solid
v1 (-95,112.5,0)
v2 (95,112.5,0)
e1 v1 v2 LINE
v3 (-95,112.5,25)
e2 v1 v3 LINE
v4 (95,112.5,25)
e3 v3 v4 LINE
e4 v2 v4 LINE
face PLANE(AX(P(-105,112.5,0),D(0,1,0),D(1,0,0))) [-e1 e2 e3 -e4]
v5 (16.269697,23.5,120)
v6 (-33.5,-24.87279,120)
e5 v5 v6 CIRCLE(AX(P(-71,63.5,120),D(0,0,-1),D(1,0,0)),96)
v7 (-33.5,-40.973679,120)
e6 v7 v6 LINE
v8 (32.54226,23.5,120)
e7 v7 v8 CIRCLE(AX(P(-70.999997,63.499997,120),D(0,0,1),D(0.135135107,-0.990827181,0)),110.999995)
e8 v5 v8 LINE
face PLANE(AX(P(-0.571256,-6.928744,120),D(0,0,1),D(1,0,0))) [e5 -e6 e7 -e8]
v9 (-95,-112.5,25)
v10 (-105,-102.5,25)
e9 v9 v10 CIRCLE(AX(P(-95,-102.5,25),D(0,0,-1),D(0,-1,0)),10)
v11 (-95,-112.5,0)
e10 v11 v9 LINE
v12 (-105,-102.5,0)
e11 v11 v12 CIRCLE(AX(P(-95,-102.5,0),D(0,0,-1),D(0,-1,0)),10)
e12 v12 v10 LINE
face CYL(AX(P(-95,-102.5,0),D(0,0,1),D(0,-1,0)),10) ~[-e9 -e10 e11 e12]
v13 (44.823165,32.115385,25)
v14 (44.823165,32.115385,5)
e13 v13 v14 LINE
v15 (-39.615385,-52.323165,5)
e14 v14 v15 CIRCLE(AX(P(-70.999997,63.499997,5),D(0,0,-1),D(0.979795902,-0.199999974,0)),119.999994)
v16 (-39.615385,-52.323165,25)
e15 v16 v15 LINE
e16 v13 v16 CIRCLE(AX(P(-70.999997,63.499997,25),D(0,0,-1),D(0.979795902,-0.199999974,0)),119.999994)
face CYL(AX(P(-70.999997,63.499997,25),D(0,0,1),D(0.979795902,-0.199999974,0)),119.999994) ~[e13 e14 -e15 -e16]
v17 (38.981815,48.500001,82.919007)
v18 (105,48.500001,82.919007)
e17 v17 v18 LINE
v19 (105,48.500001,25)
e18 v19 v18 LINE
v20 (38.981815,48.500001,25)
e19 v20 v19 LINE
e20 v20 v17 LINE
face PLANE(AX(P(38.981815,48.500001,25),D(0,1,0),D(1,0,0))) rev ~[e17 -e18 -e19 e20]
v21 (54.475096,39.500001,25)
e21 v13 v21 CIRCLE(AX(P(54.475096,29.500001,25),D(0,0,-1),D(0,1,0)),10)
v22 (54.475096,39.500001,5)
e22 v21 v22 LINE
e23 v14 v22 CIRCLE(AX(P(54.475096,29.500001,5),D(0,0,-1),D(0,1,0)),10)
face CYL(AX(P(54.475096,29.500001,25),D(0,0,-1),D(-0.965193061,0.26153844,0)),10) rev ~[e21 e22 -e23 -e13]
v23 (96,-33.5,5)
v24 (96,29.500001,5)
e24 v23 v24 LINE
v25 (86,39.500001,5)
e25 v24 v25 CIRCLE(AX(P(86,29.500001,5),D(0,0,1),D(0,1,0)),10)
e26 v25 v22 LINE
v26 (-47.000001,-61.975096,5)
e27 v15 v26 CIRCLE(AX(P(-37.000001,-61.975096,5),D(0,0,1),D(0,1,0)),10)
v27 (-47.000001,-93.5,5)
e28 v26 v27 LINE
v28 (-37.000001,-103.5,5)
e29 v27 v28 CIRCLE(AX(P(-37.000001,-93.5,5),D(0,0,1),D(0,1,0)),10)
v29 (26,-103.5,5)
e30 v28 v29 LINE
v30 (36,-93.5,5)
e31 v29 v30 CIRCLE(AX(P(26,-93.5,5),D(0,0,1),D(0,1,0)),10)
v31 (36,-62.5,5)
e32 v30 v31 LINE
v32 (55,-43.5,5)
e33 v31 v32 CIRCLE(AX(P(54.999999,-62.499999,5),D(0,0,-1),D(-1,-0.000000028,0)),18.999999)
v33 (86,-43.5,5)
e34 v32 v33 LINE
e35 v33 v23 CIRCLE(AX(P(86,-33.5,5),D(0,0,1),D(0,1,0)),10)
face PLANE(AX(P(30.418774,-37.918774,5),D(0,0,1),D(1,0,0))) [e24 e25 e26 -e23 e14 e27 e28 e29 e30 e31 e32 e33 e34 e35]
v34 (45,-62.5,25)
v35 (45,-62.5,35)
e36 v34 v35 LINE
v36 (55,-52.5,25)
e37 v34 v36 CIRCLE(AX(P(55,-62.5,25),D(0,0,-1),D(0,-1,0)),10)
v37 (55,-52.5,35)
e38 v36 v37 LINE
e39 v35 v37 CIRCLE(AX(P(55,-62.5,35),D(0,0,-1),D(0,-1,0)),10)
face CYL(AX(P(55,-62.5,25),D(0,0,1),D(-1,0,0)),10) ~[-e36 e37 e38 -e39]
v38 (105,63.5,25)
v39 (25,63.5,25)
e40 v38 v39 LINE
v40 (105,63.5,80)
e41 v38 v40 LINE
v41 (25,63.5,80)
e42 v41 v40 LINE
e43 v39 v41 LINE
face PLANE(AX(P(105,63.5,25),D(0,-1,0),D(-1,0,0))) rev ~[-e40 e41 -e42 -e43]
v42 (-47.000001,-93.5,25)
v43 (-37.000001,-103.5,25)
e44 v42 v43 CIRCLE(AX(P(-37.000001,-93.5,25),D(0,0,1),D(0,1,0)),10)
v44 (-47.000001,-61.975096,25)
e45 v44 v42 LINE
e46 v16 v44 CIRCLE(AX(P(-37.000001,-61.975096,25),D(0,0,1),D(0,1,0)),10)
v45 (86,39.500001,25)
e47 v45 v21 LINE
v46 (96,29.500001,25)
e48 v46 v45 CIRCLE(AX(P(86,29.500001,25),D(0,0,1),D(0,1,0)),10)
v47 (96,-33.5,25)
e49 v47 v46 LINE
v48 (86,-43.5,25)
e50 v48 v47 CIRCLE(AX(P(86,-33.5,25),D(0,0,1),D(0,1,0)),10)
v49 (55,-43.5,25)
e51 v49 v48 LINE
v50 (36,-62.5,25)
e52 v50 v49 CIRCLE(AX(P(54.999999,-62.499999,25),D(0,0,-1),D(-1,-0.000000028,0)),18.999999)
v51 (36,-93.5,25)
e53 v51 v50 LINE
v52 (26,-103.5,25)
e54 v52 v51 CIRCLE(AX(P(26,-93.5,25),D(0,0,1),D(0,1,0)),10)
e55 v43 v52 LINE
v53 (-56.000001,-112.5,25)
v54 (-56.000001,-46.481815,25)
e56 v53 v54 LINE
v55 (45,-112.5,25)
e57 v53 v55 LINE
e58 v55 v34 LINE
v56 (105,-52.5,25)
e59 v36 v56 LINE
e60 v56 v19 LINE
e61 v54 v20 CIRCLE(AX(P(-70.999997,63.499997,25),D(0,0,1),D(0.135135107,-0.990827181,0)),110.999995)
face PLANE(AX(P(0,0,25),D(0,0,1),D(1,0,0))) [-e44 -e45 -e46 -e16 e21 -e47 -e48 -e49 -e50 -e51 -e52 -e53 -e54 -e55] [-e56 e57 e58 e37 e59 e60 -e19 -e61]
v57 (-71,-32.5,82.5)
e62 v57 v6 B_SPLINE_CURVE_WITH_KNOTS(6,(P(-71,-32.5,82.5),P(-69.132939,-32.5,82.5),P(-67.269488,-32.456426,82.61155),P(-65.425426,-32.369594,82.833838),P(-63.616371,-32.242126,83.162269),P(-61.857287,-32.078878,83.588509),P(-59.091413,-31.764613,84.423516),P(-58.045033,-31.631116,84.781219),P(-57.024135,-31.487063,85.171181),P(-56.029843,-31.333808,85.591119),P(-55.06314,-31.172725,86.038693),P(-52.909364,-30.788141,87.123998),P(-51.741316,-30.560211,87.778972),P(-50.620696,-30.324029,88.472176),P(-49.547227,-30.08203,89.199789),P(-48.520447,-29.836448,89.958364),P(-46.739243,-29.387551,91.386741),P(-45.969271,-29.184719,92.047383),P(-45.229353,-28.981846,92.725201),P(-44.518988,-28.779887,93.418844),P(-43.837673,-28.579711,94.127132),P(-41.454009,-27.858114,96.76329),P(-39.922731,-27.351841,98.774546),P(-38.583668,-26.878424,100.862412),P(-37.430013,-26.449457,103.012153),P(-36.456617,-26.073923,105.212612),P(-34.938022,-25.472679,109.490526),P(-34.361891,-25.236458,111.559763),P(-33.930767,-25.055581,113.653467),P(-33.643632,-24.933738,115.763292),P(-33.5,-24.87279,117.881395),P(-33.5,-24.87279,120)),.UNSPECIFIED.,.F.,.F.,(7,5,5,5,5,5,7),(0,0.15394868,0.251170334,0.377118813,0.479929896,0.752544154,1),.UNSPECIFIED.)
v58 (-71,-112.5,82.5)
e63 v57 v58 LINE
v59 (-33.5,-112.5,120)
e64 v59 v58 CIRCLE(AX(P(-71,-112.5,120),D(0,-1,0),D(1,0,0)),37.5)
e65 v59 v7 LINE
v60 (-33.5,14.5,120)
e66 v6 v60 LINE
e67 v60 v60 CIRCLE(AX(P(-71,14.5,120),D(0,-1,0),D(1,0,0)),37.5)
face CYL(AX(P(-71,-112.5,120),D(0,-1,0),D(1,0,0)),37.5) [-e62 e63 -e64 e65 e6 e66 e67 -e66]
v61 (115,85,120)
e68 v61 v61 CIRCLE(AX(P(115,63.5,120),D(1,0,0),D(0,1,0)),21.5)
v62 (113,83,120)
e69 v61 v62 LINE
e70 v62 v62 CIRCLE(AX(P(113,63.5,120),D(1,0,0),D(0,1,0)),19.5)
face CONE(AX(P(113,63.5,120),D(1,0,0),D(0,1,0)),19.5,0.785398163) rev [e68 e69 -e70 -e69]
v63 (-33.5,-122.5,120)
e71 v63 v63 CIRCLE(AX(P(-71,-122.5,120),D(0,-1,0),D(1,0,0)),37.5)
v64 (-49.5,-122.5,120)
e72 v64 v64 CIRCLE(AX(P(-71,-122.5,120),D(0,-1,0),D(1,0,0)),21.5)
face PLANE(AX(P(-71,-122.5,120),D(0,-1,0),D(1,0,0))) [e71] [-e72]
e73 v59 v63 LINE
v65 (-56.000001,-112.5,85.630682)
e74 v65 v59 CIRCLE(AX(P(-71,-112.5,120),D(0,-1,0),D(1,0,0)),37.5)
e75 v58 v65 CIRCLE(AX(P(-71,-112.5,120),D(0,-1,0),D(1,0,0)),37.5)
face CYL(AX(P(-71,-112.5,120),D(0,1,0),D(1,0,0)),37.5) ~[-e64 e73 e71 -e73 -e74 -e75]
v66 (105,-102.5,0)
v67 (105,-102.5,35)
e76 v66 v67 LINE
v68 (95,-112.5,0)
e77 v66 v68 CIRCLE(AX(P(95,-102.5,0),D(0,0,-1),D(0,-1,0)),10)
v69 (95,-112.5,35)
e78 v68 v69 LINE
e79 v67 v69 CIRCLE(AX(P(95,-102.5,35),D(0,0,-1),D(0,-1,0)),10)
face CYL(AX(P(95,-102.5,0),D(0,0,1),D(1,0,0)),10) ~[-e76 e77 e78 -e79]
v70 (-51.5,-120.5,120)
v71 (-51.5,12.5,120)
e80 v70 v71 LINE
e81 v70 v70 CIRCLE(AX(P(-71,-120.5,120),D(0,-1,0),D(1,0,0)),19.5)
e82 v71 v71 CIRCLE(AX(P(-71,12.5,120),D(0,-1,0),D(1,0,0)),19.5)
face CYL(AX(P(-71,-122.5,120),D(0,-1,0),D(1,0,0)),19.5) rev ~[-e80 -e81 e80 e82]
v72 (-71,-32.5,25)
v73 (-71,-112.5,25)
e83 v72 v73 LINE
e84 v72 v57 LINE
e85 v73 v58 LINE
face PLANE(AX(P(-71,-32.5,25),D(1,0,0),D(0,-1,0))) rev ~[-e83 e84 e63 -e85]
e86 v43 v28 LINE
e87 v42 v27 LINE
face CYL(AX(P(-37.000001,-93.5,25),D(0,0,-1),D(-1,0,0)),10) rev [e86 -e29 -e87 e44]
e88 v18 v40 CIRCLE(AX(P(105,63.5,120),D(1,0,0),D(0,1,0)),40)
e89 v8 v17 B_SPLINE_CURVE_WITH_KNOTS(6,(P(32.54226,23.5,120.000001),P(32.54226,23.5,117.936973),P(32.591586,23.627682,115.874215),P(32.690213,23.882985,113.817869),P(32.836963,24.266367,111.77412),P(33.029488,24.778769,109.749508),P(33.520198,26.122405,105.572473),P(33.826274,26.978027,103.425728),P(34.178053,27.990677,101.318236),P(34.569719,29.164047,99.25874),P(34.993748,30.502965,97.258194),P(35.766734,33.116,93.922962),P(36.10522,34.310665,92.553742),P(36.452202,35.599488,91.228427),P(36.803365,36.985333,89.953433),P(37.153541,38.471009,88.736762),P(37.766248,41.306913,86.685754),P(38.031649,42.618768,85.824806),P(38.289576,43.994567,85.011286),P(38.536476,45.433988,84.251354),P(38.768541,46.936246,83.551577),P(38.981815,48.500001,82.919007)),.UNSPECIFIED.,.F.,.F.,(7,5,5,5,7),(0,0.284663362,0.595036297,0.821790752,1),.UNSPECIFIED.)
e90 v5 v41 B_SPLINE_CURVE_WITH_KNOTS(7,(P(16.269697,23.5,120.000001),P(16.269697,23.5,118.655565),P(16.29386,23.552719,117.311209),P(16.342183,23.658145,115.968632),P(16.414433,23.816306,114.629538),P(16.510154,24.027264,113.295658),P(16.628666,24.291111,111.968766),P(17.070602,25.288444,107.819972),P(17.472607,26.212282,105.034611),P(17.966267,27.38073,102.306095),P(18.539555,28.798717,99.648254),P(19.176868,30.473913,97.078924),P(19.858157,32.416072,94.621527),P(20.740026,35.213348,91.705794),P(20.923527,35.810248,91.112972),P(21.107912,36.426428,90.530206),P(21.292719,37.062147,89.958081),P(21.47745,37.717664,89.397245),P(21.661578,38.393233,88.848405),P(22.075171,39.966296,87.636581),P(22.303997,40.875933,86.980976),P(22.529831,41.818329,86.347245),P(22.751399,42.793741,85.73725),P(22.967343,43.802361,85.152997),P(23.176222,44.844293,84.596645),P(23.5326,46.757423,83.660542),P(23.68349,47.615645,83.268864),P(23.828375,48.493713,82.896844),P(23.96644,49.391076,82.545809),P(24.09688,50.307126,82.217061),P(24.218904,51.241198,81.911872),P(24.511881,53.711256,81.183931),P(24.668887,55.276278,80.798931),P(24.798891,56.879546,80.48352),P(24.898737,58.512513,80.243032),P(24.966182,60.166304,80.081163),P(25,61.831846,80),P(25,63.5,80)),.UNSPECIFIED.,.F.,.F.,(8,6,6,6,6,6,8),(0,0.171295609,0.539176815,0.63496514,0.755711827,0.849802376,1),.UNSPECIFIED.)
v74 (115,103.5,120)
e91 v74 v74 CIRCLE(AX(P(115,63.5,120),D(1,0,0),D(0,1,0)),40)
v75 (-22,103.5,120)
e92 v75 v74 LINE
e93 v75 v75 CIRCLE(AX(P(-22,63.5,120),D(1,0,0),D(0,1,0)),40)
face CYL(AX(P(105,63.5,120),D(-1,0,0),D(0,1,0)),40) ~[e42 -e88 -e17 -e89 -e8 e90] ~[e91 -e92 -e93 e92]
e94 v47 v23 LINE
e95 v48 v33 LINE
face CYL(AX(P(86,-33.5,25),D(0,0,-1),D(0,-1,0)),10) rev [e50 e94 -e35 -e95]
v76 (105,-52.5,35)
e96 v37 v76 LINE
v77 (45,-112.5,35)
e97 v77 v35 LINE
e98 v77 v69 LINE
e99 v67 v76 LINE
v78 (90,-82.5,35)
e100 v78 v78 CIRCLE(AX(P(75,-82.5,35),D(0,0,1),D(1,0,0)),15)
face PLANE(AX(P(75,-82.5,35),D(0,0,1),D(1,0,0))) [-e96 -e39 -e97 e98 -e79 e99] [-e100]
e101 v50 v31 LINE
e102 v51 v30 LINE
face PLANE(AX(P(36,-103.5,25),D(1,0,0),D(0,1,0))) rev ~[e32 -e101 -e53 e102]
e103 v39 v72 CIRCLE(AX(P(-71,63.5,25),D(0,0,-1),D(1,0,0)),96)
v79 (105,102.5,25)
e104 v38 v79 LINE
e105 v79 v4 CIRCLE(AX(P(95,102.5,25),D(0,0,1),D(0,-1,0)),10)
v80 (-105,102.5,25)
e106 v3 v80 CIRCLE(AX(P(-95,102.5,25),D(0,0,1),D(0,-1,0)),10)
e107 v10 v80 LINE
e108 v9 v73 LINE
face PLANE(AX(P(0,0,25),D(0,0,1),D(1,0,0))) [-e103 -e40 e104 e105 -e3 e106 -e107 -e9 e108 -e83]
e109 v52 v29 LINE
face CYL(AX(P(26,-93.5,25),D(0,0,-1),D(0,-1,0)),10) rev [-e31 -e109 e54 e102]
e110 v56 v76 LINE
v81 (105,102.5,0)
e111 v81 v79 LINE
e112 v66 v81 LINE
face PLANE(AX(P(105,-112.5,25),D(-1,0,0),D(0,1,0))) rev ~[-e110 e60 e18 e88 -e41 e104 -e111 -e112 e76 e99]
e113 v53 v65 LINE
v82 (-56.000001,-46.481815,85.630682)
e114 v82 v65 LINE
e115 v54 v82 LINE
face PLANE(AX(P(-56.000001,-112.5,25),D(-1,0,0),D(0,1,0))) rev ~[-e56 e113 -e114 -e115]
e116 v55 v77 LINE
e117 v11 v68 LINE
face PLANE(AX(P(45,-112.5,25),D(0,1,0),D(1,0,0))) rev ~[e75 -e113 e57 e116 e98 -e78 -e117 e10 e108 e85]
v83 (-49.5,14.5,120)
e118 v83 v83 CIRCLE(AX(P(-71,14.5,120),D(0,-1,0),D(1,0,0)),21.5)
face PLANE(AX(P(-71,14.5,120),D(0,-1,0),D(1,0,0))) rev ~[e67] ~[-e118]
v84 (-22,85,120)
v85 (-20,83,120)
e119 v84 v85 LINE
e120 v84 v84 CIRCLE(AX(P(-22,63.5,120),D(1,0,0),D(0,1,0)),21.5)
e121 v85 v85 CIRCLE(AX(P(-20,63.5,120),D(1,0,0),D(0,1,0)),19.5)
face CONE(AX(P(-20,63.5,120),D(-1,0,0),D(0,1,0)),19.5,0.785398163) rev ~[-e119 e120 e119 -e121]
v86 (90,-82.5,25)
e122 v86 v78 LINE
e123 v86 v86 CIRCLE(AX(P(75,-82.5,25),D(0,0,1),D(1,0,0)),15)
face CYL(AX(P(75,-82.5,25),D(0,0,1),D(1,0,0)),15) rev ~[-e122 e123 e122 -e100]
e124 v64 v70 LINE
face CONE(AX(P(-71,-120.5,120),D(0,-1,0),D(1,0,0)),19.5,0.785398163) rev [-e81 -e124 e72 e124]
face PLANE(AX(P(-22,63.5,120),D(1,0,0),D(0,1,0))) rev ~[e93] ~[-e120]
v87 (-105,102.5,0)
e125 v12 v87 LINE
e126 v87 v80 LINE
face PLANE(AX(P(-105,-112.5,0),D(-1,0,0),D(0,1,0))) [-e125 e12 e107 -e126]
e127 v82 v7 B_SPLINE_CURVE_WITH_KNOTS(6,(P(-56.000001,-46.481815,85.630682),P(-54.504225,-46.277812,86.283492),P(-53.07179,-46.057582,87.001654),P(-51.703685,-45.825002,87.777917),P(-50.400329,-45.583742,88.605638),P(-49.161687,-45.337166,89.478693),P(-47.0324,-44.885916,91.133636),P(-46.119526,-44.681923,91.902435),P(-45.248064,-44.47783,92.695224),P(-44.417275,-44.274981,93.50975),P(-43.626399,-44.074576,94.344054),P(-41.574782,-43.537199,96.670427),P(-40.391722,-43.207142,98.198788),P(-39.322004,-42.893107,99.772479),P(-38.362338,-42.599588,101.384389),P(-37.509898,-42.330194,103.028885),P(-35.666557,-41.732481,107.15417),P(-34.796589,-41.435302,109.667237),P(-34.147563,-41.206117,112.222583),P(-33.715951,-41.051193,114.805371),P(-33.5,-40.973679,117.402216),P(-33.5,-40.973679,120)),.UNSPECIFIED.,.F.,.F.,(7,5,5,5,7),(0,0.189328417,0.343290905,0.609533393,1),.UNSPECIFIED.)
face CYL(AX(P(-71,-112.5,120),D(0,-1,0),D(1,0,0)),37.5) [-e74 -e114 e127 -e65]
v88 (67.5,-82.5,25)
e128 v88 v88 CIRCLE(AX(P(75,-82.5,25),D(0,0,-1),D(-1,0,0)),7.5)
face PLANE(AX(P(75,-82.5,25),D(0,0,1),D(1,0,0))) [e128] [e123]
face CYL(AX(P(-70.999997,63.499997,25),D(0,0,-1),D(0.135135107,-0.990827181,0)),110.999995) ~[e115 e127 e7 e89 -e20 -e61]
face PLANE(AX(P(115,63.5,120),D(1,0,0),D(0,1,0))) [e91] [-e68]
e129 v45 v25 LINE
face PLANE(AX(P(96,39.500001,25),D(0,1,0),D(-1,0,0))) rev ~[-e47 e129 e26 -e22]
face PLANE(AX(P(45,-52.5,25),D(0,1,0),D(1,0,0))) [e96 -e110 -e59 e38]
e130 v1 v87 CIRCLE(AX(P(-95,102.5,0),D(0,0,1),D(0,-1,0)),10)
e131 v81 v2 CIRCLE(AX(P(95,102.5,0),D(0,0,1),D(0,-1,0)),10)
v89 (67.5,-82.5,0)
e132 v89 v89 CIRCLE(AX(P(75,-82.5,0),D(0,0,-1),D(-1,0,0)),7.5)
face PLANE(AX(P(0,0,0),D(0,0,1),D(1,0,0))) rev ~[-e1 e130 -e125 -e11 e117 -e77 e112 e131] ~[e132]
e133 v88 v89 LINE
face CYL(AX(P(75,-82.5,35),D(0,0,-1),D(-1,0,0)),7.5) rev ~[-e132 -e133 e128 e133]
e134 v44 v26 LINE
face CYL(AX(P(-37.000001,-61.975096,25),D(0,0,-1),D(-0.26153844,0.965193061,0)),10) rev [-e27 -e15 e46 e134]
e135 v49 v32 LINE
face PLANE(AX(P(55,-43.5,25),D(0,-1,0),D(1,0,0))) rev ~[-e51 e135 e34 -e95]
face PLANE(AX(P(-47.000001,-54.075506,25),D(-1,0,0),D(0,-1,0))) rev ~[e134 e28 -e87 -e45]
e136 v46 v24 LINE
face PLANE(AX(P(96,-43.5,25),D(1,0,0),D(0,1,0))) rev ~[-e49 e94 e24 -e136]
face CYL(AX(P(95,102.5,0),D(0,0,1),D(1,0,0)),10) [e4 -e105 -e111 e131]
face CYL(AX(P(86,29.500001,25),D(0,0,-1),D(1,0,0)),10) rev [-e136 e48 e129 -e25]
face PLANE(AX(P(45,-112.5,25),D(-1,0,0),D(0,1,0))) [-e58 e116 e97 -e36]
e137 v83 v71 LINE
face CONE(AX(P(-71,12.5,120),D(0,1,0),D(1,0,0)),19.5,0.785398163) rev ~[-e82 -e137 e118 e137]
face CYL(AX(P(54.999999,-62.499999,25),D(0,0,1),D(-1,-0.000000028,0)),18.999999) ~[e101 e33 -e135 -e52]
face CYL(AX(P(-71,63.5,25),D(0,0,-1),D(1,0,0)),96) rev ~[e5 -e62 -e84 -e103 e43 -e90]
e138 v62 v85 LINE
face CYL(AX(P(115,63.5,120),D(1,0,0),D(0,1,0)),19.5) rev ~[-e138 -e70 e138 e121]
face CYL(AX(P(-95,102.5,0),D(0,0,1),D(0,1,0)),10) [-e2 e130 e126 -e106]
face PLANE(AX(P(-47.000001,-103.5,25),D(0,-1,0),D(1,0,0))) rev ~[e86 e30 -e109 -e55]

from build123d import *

# Parameters (mm, degrees)
F0_W            = 210
F0_H            = 225
F1_DEPTH        = 25
F3_DEPTH        = 95
F4_R            = 37.5
F5_DEPTH        = 10
F5_DEPTH_BACK   = 127
F6_R            = 40
F7_DEPTH        = 10
F7_DEPTH_BACK   = 127
F8_W            = 60
F8_H            = 60
F9_DEPTH        = 10
F10_R           = 10
F12_DEPTH       = 20
F14_D           = 15
F14_CBORE_D     = 30
F14_CBORE_DEPTH = 10
F15_R           = 10
F16_R           = 19.5
F17_DEPTH       = 235.001
F18_R           = 19.5
F19_DEPTH       = 223.501
F20_SIZE        = 2
F21_R           = 10


with BuildPart() as f1:
    # F0 (on Top) → F1 (new body)
    with BuildSketch(Plane.XY):
        Rectangle(F0_W, F0_H)
    extrude(amount=F1_DEPTH)

    # F2 (on face) → F3 (join)
    with BuildSketch(Plane.XY.offset(25)):
        with BuildLine():
            Line((-71, -32.5), (-71, -112.5))
            Line((-71, -112.5), (-56.000001, -112.5))
            Line((-56.000001, -112.5), (-56.000001, -46.481815))
            ThreePointArc((-56.000001, -46.481815), (7.488852, -14.988852), (38.981815, 48.500001))
            Line((38.981815, 48.500001), (105, 48.500001))
            Line((105, 48.500001), (105, 63.5))
            Line((105, 63.5), (25, 63.5))
            ThreePointArc((25, 63.5), (-3.117749, -4.382251), (-71, -32.5))
        make_face()
    extrude(amount=F3_DEPTH)

    # F4 (on face) → F5 (join, two sides)
    with BuildSketch(Plane.XZ.offset(112.5)) as f5_sk:
        with Locations((-71, 120)):
            Circle(F4_R)
    extrude(amount=F5_DEPTH)
    extrude(f5_sk.sketch, amount=-F5_DEPTH_BACK)

    # F6 (on face) → F7 (join, two sides)
    with BuildSketch(Plane.YZ.offset(105)) as f7_sk:
        with Locations((63.5, 120)):
            Circle(F6_R)
    extrude(amount=F7_DEPTH)
    extrude(f7_sk.sketch, amount=-F7_DEPTH_BACK)

    # F8 (on face) → F9 (join)
    with BuildSketch(Plane.XY.offset(25)):
        with Locations((75, -82.5)):
            Rectangle(F8_W, F8_H)
    extrude(amount=F9_DEPTH)

    # F10
    f10_edges = [f1.edges().sort_by_distance(p)[0] for p in [
        (45, -52.5, 30),
    ]]
    fillet(f10_edges, radius=F10_R)

    # F11 (on face) → F12 (cut)
    with BuildSketch(Plane.XY.offset(25)):
        with BuildLine():
            ThreePointArc((46.575506, 39.500001), (13.852813, -21.352813), (-47.000001, -54.075506))
            Line((-47.000001, -54.075506), (-47.000001, -103.5))
            Line((-47.000001, -103.5), (36, -103.5))
            Line((36, -103.5), (36, -62.5))
            ThreePointArc((36, -62.5), (41.564971, -49.064971), (55, -43.5))
            Line((55, -43.5), (96, -43.5))
            Line((96, -43.5), (96, 39.500001))
            Line((96, 39.500001), (46.575506, 39.500001))
        make_face()
    extrude(amount=-F12_DEPTH, mode=Mode.SUBTRACT)

    # F14 (through all)
    with Locations(Plane.XY.offset(35)):
        with Locations((75, -82.5)):
            CounterBoreHole(F14_D / 2, F14_CBORE_D / 2, F14_CBORE_DEPTH)

    # F15
    f15_edges = [f1.edges().sort_by_distance(p)[0] for p in [
        (-47.000001, -54.075506, 15),
        (46.575506, 39.500001, 15),
        (96, 39.500001, 15),
        (-47.000001, -103.5, 15),
        (36, -103.5, 15),
        (96, -43.5, 15),
    ]]
    fillet(f15_edges, radius=F15_R)

    # F16 (on face) → F17 (cut, through all)
    with BuildSketch(Plane.XZ.offset(122.5)):
        with Locations((-71, 120)):
            Circle(F16_R)
    extrude(amount=-F17_DEPTH, mode=Mode.SUBTRACT)

    # F18 (on face) → F19 (cut, through all)
    with BuildSketch(Plane.YZ.offset(115)):
        with Locations((63.5, 120)):
            Circle(F18_R)
    extrude(amount=-F19_DEPTH, mode=Mode.SUBTRACT)

    # F20
    f20_edges = [f1.edges().sort_by_distance(p)[0] for p in [
        (-90.5, -122.5, 120),
        (115, 44, 120),
        (-22, 44, 120),
        (-90.5, 14.5, 120),
    ]]
    chamfer(f20_edges, length=F20_SIZE)

    # F21
    f21_edges = [f1.edges().sort_by_distance(p)[0] for p in [
        (105, -112.5, 17.5),
        (105, 112.5, 12.5),
        (-105, -112.5, 12.5),
        (-105, 112.5, 12.5),
    ]]
    fillet(f21_edges, radius=F21_R)


solid = f1.part
